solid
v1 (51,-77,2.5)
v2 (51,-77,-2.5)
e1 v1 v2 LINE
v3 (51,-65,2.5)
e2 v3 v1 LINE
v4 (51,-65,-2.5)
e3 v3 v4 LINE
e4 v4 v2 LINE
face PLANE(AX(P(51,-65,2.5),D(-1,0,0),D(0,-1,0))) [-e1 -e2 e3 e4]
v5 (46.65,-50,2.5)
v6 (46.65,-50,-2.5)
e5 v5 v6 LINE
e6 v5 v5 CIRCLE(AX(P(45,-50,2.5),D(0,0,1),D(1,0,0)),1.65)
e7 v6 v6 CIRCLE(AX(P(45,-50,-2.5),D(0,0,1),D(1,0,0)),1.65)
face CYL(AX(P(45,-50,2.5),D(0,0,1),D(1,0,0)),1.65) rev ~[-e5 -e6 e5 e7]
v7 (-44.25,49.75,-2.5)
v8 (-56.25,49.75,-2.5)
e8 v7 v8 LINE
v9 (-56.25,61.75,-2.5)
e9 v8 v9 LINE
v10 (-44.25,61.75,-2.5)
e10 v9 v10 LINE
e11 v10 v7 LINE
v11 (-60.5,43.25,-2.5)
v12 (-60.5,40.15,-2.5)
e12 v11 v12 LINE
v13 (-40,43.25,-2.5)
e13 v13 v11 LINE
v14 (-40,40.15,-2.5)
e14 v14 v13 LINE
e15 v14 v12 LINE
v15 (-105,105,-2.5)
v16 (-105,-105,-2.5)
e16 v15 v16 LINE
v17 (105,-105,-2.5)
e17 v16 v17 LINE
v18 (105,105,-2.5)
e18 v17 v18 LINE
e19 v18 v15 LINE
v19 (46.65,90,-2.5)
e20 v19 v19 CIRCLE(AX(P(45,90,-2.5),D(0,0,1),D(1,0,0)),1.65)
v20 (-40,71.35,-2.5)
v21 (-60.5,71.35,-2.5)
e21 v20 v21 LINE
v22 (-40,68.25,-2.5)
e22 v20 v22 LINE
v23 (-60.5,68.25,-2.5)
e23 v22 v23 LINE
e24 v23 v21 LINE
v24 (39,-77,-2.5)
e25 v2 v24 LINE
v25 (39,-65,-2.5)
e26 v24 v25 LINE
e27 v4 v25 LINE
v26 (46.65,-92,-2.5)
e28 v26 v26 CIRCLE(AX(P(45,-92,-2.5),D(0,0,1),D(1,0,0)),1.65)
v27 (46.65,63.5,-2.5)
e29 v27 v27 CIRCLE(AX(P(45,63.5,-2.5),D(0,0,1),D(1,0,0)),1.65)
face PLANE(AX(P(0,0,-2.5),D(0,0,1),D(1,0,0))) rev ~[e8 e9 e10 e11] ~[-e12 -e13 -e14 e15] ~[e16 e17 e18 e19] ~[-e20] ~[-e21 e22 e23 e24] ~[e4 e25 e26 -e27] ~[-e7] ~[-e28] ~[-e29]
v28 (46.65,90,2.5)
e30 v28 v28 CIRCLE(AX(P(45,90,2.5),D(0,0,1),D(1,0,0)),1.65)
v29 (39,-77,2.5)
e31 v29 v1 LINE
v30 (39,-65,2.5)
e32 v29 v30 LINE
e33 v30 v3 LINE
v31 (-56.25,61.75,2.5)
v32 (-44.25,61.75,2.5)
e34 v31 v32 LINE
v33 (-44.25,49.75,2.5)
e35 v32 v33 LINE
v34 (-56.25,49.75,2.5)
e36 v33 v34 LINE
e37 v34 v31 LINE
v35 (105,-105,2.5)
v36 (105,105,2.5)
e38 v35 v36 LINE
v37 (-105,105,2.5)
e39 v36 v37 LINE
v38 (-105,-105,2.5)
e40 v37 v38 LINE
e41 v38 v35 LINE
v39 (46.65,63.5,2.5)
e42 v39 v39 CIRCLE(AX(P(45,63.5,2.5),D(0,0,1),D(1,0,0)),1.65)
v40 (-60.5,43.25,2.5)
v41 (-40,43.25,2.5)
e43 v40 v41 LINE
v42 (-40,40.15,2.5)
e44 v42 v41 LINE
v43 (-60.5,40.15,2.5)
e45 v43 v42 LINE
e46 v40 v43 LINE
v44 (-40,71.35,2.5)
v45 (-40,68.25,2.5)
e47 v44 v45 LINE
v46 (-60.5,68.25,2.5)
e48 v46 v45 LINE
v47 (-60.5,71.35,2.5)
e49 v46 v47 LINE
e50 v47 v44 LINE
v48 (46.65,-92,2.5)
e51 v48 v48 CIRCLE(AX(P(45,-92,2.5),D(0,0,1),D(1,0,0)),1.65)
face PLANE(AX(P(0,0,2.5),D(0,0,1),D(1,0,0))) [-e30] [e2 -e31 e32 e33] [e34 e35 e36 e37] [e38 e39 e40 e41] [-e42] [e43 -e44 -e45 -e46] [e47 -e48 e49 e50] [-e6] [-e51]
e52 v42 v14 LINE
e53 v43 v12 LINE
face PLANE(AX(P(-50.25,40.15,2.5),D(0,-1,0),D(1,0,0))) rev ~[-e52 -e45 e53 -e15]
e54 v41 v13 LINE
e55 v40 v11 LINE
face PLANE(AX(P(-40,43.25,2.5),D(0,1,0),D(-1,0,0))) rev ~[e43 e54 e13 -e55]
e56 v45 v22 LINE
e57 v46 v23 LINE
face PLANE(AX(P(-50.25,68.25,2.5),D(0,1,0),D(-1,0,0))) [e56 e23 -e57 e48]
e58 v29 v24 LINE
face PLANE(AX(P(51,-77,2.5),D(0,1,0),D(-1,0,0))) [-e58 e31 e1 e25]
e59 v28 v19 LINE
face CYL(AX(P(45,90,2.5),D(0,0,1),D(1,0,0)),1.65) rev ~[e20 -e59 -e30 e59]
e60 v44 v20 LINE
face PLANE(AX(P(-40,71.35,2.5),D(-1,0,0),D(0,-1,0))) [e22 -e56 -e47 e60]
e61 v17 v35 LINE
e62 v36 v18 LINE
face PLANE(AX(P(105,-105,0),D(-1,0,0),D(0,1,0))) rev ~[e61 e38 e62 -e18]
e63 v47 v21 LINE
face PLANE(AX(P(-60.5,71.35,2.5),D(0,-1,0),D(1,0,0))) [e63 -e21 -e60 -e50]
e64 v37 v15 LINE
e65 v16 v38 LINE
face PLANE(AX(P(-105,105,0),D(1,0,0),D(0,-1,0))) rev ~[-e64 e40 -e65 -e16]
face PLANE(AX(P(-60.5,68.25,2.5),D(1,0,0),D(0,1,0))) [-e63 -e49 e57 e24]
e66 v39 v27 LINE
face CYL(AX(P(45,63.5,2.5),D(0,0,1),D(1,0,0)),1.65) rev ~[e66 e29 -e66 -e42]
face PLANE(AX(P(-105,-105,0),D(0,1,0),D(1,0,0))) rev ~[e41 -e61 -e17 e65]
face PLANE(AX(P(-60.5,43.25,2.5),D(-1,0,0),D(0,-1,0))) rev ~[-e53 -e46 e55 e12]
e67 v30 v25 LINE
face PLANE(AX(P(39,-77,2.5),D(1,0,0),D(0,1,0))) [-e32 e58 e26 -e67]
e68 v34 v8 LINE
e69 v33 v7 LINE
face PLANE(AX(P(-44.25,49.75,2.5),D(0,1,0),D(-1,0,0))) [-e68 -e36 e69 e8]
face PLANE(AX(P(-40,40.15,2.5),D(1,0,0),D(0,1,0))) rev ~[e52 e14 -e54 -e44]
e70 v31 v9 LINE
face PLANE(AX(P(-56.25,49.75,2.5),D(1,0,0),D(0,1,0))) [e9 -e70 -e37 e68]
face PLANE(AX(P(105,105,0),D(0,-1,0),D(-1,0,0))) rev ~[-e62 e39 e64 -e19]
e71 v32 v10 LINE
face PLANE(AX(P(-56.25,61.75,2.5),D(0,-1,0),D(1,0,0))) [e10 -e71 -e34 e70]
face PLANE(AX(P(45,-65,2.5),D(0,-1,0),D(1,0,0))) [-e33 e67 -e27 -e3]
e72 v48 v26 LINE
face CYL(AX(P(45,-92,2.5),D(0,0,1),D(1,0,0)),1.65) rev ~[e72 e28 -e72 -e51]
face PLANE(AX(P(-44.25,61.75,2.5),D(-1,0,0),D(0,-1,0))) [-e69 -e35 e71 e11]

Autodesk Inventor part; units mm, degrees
ref_plane "YZ Plane" through (0, 0, 0) normal (1, 0, 0) x (0, 1, 0)
ref_plane "XZ Plane" through (0, 0, 0) normal (0, 1, 0) x (-1, 0, 0)
ref_plane "XY Plane" through (0, 0, 0) normal (0, 0, 1) x (1, 0, 0)
sketch "Sketch1" plane through (0, 0, 0) normal (0, 0, 1) x (1, 0, 0)
  line L0 (-105, -105) -> (105, -105)
  line L1 (105, -105) -> (105, 105)
  line L2 (105, 105) -> (-105, 105)
  line L3 (-105, 105) -> (-105, -105)
  line L4 (-105, -105) -> (105, 105) construction
  line L5 (105, -105) -> (-105, 105) construction
  point P0 (0, 0)
  dimension "d0" = 210
  dimension "d1" = 210
extrude "Plate1" add sketch "Sketch1" along normal mid plane 5
sketch "Sketch2" plane through (0, 0, 2.5) normal (0, 0, 1) x (1, 0, 0)
  circle A0 centre (45, 90) radius 1.65
  line L0 (105, 105) -> (105, -105) projected
  line L1 (105, -105) -> (-105, -105) projected
  line L2 (-105, 105) -> (105, 105) projected
  circle A1 centre (45, -92) radius 1.65
  circle A2 centre (45, -50) radius 1.65
  circle A3 centre (45, 63.5) radius 1.65
  point P0 (0, 0)
  dimension "d3" = 3.3
  dimension "d4" = 60
  dimension "d8" = 15
  dimension "d21" = 42
  dimension "d22" = 140
  dimension "d26" = 3.3
  dimension "d27" = 26.5
extrude "Cut1" cut sketch "Sketch2" against normal blind 5
sketch "Sketch3" plane through (0, 0, 2.5) normal (0, 0, 1) x (1, 0, 0)
  line L0 (-60.5, 71.35) -> (-40, 71.35)
  line L1 (-40, 71.35) -> (-40, 68.25)
  line L2 (-40, 68.25) -> (-60.5, 68.25)
  line L3 (-60.5, 68.25) -> (-60.5, 71.35)
  line L4 (0, 55.75) -> (-105, 55.75)
  line L5 (-105, 105) -> (-105, -105) projected
  line L6 (-50.25, 71.35) -> (-50.25, -105)
  circle A0 centre (45, 90) radius 1.65 projected
  line L7 (105, -105) -> (-105, -105) projected
  line L8 (-60.5, 40.15) -> (-40, 40.15)
  line L9 (-40, 40.15) -> (-40, 43.25)
  line L10 (-40, 43.25) -> (-60.5, 43.25)
  line L11 (-60.5, 43.25) -> (-60.5, 40.15)
  point P0 (0, 0)
  point P1 (-50.25, 40.15)
  dimension "d9" = 3.1
  dimension "d11" = 20.5
  dimension "d12" = 85
  dimension "d14" = 25
  dimension "d15" = 17
extrude "Cut2" cut sketch "Sketch3" against normal blind 5 contours L0 L6 L2 L3 | L0 L1 L2 L6 | L10 L9 L8 L6 | L6 L8 L11 L10
sketch "Sketch5" plane through (0, 0, 2.5) normal (0, 0, 1) x (1, 0, 0)
  circle A0 centre (45, -50) radius 1.65 projected
  circle A1 centre (45, -92) radius 1.65 projected
  line L0 (45, -50) -> (45, -92)
  line L1 (39, -65) -> (51, -65)
  line L2 (51, -65) -> (51, -77)
  line L3 (51, -77) -> (39, -77)
  line L4 (39, -77) -> (39, -65)
  line L5 (39, -65) -> (51, -77) construction
  line L6 (51, -65) -> (39, -77) construction
  point P0 (0, 0)
  point P1 (45, -71)
  dimension "d23" = 12
extrude "Cut3" cut sketch "Sketch5" against normal blind 5 contours L1 L2 L3 L0 | L0 L3 L4 L1
sketch "Sketch6" plane through (0, 0, 2.5) normal (0, 0, 1) x (1, 0, 0)
  line L0 (-56.25, 61.75) -> (-44.25, 61.75)
  line L1 (-44.25, 61.75) -> (-44.25, 49.75)
  line L2 (-44.25, 49.75) -> (-56.25, 49.75)
  line L3 (-56.25, 49.75) -> (-56.25, 61.75)
  line L4 (-56.25, 61.75) -> (-44.25, 49.75) construction
  line L5 (-44.25, 61.75) -> (-56.25, 49.75) construction
  line L6 (-60.5, 71.35) -> (-40, 71.35) projected
  line L7 (-40, 68.25) -> (-60.5, 68.25) projected
  point P0 (0, 0)
  point P1 (-50.25, 55.75)
  point P2 (-50.25, 71.35)
  point P3 (-50.25, 68.25)
  dimension "d28" = 12
  dimension "d29" = 12.5
extrude "Cut4" cut sketch "Sketch6" against normal blind 5
equation "\"d6\" = Thickness"
equation "\"d17\" = Thickness"
equation "\"d24\" = Thickness"
equation "\"d30\" = Thickness"
equation "\"d2\" = Thickness"
equation "\"BendRadius\" = Thickness"
equation "\"BendReliefWidth\" = Thickness"
equation "\"BendReliefDepth\" = 0.5 * Thickness"
equation "\"TransitionRadius\" = BendRadius"
equation "\"JacobiRadiusSize\" = BendRadius"
equation "\"GapSize\" = Thickness"
equation "\"Thickness\" = 5"
properties part number "Base"
